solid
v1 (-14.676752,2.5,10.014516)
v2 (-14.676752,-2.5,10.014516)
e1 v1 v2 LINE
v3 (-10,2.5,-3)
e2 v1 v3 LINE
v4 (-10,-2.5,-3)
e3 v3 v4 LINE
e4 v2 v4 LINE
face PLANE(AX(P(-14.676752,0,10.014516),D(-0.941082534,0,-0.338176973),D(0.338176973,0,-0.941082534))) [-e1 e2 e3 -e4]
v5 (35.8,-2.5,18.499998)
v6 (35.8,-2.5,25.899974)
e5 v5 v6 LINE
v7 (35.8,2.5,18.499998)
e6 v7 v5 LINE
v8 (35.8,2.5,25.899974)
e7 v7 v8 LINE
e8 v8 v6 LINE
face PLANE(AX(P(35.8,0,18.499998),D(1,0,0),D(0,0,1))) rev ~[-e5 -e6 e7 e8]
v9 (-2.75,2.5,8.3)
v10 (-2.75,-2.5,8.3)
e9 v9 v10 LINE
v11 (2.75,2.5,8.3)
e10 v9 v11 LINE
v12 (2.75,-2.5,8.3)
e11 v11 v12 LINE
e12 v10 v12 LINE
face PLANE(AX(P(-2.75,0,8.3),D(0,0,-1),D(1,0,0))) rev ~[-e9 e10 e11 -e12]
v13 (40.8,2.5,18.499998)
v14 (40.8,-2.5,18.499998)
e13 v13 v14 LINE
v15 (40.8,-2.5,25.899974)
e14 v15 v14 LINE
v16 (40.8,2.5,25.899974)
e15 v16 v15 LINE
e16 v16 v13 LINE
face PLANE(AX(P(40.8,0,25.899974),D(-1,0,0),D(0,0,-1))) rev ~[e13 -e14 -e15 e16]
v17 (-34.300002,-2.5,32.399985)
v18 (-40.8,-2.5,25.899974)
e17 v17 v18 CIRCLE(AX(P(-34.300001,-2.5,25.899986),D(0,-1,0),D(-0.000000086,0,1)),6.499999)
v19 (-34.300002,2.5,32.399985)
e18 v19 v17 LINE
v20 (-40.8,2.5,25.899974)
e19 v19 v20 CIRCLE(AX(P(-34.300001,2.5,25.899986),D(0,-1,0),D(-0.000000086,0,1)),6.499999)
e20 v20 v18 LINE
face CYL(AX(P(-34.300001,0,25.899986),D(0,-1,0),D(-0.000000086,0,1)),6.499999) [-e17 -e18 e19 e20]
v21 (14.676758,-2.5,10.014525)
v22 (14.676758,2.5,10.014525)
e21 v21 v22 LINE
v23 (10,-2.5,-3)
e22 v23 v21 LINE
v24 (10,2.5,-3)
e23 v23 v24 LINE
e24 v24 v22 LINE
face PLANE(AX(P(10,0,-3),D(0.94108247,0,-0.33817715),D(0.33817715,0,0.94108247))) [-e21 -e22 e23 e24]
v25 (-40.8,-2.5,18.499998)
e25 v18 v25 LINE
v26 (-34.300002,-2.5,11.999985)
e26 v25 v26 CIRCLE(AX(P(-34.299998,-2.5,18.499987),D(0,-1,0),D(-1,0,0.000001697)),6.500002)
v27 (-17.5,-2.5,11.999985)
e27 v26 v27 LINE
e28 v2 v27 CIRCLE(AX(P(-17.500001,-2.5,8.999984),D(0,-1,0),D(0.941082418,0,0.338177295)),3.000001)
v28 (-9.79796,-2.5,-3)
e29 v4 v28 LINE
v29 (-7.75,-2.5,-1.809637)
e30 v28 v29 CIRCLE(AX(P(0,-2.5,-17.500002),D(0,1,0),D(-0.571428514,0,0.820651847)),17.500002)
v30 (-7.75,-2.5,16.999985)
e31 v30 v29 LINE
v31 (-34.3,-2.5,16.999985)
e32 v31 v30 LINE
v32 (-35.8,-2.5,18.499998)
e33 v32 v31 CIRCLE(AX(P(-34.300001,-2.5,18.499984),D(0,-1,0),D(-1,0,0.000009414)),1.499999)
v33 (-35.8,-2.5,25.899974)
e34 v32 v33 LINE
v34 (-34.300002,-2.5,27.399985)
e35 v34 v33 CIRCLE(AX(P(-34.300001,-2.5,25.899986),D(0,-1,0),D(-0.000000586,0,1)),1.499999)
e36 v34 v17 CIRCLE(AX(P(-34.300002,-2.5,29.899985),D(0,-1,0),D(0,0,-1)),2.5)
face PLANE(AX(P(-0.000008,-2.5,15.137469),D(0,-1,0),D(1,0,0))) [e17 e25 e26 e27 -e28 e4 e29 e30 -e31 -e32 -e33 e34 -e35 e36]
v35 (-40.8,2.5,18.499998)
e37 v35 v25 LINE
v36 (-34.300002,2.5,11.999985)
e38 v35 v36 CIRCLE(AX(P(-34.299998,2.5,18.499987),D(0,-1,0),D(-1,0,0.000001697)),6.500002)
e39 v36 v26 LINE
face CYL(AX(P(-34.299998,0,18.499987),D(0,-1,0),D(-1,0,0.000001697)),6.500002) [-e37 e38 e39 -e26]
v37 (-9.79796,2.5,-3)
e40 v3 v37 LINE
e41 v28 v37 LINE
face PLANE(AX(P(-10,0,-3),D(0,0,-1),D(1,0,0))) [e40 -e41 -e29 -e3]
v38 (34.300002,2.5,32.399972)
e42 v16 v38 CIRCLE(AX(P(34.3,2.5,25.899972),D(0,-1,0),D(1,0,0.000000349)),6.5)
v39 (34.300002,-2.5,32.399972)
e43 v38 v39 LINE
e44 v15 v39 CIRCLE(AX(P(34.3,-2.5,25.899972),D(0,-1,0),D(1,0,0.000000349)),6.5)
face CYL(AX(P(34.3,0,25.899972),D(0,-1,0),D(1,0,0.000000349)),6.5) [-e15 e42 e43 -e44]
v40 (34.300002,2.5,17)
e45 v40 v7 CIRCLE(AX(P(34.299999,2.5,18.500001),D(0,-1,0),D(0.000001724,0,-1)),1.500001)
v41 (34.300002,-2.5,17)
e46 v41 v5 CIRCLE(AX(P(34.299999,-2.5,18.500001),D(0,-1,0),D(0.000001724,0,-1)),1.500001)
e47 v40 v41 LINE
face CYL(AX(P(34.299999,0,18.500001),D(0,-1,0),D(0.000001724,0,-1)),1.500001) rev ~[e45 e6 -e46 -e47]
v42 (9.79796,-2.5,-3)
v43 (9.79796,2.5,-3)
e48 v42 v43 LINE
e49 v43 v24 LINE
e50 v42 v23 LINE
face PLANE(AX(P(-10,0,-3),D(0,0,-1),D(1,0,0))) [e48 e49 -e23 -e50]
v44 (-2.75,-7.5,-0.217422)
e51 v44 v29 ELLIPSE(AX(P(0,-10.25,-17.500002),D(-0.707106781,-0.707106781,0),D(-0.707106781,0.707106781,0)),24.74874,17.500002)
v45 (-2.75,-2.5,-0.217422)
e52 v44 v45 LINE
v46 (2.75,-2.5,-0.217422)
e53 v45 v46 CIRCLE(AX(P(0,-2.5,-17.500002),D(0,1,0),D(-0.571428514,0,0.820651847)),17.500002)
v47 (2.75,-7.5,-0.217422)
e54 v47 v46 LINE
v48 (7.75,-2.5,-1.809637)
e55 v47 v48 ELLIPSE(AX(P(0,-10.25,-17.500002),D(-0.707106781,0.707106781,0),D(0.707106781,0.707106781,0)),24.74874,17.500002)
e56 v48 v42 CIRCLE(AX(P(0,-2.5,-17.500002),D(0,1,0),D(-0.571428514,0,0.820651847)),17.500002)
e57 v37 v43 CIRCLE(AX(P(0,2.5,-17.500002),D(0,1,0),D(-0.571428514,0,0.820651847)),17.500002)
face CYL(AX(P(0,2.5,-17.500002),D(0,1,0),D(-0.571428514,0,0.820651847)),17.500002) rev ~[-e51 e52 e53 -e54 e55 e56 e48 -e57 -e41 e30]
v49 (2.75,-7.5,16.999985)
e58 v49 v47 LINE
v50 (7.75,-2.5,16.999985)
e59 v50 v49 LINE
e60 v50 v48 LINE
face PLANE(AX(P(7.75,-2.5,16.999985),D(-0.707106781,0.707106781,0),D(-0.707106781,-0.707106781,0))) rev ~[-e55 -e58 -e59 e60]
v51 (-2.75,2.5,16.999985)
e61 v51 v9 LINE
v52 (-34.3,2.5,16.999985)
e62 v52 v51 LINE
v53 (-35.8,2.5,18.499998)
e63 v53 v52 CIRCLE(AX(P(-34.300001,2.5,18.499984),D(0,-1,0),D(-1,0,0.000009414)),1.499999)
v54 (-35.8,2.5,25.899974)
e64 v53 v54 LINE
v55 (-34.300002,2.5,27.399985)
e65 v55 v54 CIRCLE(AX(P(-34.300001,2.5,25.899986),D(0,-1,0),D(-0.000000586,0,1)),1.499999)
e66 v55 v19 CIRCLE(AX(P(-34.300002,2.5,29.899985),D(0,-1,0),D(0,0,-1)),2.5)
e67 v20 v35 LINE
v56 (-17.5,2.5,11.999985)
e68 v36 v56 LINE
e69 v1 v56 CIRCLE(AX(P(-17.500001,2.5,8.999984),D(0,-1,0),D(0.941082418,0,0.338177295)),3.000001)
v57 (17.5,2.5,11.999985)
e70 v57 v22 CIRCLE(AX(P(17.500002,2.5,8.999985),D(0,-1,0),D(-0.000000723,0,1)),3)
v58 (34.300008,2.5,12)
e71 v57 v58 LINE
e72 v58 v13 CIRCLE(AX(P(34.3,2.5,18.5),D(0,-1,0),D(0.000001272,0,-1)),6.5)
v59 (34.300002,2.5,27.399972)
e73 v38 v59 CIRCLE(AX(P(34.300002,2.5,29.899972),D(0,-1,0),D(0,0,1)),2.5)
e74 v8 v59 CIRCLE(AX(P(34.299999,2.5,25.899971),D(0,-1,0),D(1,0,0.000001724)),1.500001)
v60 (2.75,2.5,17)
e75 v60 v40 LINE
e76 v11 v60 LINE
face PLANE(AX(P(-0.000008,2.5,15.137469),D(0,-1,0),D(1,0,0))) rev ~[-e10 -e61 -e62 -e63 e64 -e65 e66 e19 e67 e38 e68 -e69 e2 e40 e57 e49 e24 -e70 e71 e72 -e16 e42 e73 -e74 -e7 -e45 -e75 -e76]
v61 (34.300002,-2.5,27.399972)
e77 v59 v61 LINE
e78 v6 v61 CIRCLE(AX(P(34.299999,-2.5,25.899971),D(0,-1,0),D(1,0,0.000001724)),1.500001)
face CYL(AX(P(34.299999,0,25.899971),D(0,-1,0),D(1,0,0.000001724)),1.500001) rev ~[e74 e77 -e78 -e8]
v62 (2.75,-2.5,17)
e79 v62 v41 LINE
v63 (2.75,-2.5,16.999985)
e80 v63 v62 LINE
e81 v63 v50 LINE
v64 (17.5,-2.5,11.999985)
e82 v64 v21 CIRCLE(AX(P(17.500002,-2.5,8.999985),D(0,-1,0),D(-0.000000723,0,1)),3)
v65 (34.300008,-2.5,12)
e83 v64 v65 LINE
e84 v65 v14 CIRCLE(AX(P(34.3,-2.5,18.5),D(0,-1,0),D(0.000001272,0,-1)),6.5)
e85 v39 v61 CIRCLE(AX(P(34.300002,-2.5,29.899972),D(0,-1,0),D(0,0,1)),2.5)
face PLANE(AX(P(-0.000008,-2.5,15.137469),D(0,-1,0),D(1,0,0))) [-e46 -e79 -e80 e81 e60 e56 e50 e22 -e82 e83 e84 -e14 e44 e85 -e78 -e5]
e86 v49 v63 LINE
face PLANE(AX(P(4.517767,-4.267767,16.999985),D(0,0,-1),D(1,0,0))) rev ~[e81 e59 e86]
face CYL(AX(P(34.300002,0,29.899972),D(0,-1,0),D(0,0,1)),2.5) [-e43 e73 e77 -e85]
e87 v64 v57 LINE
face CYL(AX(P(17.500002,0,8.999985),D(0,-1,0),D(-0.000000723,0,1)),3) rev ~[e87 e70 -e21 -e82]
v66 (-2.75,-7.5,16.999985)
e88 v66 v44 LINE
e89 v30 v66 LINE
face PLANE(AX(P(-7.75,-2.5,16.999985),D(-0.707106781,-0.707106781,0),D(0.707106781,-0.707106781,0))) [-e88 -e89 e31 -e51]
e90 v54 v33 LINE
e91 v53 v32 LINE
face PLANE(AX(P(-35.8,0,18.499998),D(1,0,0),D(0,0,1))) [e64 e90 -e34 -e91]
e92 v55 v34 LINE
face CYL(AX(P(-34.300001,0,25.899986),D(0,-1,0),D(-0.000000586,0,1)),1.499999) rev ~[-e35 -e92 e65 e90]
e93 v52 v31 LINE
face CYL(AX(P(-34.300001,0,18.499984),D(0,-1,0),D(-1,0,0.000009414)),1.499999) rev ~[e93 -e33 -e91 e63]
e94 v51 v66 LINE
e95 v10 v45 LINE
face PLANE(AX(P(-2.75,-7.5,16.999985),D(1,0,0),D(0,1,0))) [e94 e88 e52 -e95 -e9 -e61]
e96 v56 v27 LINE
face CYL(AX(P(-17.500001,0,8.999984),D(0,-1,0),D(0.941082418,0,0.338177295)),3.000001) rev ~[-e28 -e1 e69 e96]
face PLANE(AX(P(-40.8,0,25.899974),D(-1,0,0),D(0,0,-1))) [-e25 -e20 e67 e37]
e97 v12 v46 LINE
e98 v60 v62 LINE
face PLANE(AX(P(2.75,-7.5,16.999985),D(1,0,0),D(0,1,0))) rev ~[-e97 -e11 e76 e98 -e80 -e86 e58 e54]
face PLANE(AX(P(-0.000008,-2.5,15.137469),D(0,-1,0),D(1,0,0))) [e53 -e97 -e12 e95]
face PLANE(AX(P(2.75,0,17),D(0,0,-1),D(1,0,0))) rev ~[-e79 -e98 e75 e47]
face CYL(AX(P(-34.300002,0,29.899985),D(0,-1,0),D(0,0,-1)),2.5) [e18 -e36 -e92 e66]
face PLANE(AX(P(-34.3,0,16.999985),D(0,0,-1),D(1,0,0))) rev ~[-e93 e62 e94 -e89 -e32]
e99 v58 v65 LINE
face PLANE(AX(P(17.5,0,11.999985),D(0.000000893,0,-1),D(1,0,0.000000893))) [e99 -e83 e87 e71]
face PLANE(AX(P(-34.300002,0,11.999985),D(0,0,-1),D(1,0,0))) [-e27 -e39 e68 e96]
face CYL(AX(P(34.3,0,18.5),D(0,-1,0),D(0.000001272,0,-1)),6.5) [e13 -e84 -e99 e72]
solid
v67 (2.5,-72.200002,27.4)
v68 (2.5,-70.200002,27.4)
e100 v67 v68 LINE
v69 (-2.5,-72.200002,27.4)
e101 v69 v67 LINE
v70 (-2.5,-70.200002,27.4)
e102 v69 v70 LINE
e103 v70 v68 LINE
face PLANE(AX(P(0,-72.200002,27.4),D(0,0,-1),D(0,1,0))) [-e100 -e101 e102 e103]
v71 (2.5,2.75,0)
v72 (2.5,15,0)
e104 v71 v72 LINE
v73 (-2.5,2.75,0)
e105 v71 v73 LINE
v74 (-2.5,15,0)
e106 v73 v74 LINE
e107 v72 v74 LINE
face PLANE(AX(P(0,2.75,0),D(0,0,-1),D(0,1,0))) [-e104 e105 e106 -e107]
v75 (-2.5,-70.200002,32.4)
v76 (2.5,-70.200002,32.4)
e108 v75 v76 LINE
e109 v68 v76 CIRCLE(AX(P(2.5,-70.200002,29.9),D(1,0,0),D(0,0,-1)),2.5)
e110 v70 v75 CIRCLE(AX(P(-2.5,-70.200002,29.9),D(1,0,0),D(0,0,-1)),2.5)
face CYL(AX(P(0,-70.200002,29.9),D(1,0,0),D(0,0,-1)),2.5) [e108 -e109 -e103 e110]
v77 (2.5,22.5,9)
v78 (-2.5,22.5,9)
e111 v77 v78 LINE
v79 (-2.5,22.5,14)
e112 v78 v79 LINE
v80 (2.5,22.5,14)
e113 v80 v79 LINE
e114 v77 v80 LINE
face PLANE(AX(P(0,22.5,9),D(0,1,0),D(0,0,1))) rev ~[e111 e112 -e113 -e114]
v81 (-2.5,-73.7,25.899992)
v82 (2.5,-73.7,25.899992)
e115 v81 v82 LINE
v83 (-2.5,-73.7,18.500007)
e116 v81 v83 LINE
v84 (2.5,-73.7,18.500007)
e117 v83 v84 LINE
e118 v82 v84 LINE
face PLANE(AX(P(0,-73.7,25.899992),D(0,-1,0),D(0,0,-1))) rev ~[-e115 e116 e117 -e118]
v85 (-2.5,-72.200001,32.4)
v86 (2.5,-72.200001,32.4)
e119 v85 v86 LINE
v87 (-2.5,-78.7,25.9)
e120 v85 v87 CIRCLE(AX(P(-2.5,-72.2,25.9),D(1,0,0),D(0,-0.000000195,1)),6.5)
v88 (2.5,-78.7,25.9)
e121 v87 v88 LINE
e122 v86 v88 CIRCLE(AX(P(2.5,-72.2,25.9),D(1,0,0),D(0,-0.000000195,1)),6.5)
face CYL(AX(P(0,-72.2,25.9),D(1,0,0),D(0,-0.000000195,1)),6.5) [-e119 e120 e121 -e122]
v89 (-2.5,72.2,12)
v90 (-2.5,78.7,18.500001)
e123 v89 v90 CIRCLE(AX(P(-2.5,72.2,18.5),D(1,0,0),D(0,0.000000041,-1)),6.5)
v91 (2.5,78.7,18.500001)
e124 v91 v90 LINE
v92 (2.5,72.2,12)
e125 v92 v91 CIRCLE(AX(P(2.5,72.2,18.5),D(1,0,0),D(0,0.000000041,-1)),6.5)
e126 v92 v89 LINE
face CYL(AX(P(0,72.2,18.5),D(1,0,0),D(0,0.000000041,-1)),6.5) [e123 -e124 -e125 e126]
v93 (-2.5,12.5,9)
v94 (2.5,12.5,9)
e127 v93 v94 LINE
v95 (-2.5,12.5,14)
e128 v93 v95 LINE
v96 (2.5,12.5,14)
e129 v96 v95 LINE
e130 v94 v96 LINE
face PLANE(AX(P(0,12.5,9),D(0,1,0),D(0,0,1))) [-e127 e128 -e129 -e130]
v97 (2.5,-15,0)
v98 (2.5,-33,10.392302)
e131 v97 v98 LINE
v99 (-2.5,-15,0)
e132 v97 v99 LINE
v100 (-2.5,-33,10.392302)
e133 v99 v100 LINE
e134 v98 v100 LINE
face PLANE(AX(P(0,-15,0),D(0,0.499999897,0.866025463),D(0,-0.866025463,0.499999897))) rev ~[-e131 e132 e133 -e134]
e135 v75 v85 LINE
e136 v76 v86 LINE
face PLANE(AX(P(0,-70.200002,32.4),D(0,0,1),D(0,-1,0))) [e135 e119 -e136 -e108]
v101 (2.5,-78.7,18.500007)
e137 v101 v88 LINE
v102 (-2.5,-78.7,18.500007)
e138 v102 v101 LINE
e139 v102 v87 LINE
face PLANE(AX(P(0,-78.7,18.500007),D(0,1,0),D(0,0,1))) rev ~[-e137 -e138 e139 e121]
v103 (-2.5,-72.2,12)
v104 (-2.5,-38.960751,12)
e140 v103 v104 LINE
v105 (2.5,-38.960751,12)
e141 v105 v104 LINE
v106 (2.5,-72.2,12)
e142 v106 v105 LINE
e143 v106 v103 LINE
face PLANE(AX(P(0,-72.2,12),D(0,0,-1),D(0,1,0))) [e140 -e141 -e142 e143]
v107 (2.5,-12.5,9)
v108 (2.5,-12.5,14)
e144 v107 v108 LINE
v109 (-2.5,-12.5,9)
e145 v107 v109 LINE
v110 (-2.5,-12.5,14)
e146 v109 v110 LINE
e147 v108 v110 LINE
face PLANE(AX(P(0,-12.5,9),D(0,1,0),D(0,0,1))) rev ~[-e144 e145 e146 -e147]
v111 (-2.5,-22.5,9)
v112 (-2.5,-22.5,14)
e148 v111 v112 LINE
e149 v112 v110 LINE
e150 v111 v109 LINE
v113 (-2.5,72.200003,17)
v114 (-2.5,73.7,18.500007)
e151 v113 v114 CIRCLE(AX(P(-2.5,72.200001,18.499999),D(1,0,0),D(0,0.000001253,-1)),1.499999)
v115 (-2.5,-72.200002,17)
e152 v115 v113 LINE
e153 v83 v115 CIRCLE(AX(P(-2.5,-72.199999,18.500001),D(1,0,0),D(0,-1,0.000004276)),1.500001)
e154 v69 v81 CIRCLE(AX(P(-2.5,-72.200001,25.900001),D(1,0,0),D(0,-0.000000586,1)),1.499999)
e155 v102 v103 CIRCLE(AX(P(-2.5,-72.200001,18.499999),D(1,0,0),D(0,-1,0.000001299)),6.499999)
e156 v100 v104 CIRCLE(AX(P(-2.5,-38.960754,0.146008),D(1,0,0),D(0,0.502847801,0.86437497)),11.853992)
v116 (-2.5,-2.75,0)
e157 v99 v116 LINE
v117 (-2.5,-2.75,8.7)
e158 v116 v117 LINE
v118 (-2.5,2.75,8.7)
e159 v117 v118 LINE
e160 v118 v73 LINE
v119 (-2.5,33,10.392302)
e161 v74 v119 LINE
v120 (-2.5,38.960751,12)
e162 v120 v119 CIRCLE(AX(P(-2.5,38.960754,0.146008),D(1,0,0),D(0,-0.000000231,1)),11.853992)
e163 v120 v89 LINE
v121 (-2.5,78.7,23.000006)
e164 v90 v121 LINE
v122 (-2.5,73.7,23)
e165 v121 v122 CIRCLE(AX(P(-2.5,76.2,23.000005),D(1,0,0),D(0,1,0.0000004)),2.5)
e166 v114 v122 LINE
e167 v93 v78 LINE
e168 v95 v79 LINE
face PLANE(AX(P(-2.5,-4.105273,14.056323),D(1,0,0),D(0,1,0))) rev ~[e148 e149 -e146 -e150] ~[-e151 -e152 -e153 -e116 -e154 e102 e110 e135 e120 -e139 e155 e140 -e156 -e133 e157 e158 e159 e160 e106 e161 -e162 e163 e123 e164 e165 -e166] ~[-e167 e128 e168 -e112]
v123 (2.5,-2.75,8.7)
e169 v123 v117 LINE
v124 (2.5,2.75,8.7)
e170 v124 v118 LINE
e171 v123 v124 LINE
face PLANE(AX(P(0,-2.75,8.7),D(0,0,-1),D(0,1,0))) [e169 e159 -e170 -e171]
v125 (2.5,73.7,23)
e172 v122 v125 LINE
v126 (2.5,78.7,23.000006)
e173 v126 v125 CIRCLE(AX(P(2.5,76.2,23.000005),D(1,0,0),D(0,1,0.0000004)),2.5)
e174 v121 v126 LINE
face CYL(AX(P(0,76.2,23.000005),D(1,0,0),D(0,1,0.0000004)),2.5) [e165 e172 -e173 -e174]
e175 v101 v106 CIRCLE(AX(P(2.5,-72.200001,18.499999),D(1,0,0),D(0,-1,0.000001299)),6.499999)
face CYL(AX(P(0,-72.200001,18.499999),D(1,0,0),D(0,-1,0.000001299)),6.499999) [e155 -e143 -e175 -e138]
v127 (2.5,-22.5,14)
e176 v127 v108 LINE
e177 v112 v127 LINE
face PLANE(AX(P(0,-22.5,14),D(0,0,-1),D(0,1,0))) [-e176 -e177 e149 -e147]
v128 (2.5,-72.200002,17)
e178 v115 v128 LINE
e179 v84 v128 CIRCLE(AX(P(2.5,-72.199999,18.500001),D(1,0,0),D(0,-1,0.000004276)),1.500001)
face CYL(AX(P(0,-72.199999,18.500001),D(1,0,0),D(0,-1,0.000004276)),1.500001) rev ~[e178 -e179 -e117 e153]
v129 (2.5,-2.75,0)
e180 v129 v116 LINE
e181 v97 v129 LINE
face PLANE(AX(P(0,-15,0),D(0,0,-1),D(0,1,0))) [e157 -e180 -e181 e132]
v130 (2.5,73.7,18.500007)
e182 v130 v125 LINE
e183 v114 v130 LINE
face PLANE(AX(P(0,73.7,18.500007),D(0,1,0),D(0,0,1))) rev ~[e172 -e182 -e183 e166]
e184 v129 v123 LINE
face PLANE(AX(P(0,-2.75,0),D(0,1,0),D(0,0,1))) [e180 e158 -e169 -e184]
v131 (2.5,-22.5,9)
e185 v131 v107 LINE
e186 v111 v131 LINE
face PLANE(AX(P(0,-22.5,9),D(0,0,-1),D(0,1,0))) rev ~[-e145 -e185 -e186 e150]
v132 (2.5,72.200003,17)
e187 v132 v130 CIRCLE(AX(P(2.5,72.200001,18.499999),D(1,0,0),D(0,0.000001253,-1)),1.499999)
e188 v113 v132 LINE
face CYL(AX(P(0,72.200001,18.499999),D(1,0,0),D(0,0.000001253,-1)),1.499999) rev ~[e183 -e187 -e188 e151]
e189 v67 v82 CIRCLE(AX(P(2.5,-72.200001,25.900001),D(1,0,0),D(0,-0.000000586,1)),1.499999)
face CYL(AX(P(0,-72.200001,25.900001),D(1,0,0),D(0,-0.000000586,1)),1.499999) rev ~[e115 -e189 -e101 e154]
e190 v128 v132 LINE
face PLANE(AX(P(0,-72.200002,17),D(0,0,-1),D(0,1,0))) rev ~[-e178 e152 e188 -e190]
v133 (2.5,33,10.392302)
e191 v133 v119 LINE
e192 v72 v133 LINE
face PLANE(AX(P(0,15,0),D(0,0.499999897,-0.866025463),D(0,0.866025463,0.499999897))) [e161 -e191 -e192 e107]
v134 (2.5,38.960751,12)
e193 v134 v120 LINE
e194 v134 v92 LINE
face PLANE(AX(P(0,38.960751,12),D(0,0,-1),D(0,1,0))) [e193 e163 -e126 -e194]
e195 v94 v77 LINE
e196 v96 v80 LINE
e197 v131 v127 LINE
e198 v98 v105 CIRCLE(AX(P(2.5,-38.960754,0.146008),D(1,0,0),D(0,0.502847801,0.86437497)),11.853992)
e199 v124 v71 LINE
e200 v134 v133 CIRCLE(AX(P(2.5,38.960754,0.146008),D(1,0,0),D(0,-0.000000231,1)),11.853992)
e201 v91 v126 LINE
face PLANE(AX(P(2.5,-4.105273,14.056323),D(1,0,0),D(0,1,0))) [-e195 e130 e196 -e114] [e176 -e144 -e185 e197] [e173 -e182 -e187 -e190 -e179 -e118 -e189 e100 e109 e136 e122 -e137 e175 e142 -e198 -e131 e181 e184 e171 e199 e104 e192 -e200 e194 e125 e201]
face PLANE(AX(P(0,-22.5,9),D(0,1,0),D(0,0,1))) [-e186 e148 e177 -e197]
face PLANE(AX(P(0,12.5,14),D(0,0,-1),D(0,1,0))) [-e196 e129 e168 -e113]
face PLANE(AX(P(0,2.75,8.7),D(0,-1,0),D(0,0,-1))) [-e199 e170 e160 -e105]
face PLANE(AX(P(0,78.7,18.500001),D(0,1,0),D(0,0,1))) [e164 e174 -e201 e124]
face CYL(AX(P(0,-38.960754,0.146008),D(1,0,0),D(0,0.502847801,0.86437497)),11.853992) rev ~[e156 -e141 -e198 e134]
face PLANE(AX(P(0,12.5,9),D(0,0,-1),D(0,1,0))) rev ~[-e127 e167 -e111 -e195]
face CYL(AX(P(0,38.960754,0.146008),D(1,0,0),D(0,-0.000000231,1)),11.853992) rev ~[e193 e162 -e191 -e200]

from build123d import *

# Parameters (mm, degrees)
SKETCH_W     = 10
SKETCH_H     = 5
PAD_DEPTH    = 2.5
PAD001_DEPTH = 2.5
PAD002_DEPTH = 20
POCKET_DEPTH = 10


with BuildPart() as vertical:
    # Sketch → Pad (new body, symmetric)
    with BuildSketch(Plane.YZ):
        with BuildLine():
            Line((78.7, 18.500001), (78.7, 23.000006))
            ThreePointArc((78.7, 23.000006), (76.199997, 25.500005), (73.7, 23))
            Line((73.7, 18.500007), (73.7, 23))
            ThreePointArc((72.200003, 17), (73.260664, 17.439343), (73.7, 18.500007))
            Line((-72.200002, 17), (72.200003, 17))
            ThreePointArc((-73.7, 18.500007), (-73.260663, 17.439343), (-72.200002, 17))
            Line((-73.7, 25.899992), (-73.7, 18.500007))
            ThreePointArc((-72.200002, 27.4), (-73.260664, 26.960657), (-73.7, 25.899992))
            Line((-72.200002, 27.4), (-70.200002, 27.4))
            ThreePointArc((-70.200002, 27.4), (-67.700002, 29.9), (-70.200002, 32.4))
            Line((-70.200002, 32.4), (-72.200001, 32.4))
            ThreePointArc((-72.200001, 32.4), (-76.796194, 30.496194), (-78.7, 25.9))
            Line((-78.7, 18.500007), (-78.7, 25.9))
            ThreePointArc((-78.7, 18.500007), (-76.796197, 13.903808), (-72.2, 12))
            Line((-72.2, 12), (-38.960751, 12))
            ThreePointArc((-33, 10.392302), (-35.873874, 11.59102), (-38.960751, 12))
            Line((-15, 0), (-33, 10.392302))
            Line((-15, 0), (-2.75, 0))
            Line((-2.75, 0), (-2.75, 8.7))
            Line((-2.75, 8.7), (2.75, 8.7))
            Line((2.75, 8.7), (2.75, 0))
            Line((2.75, 0), (15, 0))
            Line((15, 0), (33, 10.392302))
            ThreePointArc((38.960751, 12), (35.873874, 11.59102), (33, 10.392302))
            Line((38.960751, 12), (72.2, 12))
            ThreePointArc((72.2, 12), (76.796194, 13.903806), (78.7, 18.500001))
        make_face()
        with Locations((-17.5, 11.5)):
            Rectangle(SKETCH_W, SKETCH_H, mode=Mode.SUBTRACT)
        with Locations((17.5, 11.5)):
            Rectangle(SKETCH_W, SKETCH_H, mode=Mode.SUBTRACT)
    extrude(amount=PAD_DEPTH, both=True)


with BuildPart() as fusion:
    # Sketch001 → Pad001 (new body, symmetric)
    with BuildSketch(Plane.XZ):
        with BuildLine():
            Line((17.5, 11.999985), (34.300008, 12))
            ThreePointArc((34.300008, 12), (38.896196, 13.903808), (40.8, 18.499998))
            Line((40.8, 25.899974), (40.8, 18.499998))
            ThreePointArc((40.8, 25.899974), (38.896194, 30.496166), (34.300002, 32.399972))
            ThreePointArc((34.300002, 32.399972), (31.800002, 29.899972), (34.300002, 27.399972))
            ThreePointArc((35.8, 25.899974), (35.36066, 26.960632), (34.300002, 27.399972))
            Line((35.8, 18.499998), (35.8, 25.899974))
            ThreePointArc((34.300002, 17), (35.36066, 17.43934), (35.8, 18.499998))
            Line((2.75, 17), (34.300002, 17))
            Line((2.75, 8.3), (2.75, 17))
            Line((-2.75, 8.3), (2.75, 8.3))
            Line((-2.75, 16.999985), (-2.75, 8.3))
            Line((-34.3, 16.999985), (-2.75, 16.999985))
            ThreePointArc((-35.8, 18.499998), (-35.360665, 17.439329), (-34.3, 16.999985))
            Line((-35.8, 18.499998), (-35.8, 25.899974))
            ThreePointArc((-34.300002, 27.399985), (-35.360665, 26.960641), (-35.8, 25.899974))
            ThreePointArc((-34.300002, 27.399985), (-31.800002, 29.899985), (-34.300002, 32.399985))
            ThreePointArc((-34.300002, 32.399985), (-38.896199, 30.496175), (-40.8, 25.899974))
            Line((-40.8, 25.899974), (-40.8, 18.499998))
            ThreePointArc((-40.8, 18.499998), (-38.896199, 13.903797), (-34.300002, 11.999985))
            Line((-34.300002, 11.999985), (-17.5, 11.999985))
            ThreePointArc((-14.676752, 10.014516), (-15.774253, 11.45392), (-17.5, 11.999985))
            Line((-14.676752, 10.014516), (-10, -3))
            Line((-10, -3), (10, -3))
            Line((10, -3), (14.676758, 10.014525))
            ThreePointArc((17.5, 11.999985), (15.774258, 11.453922), (14.676758, 10.014525))
        make_face()
    extrude(amount=PAD001_DEPTH, both=True)

    # Sketch002 → Pad002 (new body)
    with BuildSketch(Plane(origin=(0, 0, 16.999985), x_dir=(-1, 0, 0), z_dir=(0, 0, 1))):
        Polygon((-7.75, 2.5), (-2.75, 7.5), (-2.75, 2.5), align=None)
        Polygon((2.75, 7.5), (2.75, 2.5), (7.75, 2.5), align=None)
    extrude(amount=-PAD002_DEPTH)

    # Sketch003 → Pocket (cut)
    with BuildSketch(Plane(origin=(0, 2.5, 0), x_dir=(1, 0, 0), z_dir=(0, 1, 0))):
        with BuildLine():
            ThreePointArc((-10, 3.138593), (0, 0), (10, 3.138593))
            Line((-10, 3.138593), (10, 3.138593))
        make_face()
    extrude(amount=-POCKET_DEPTH, mode=Mode.SUBTRACT)

    # Fusion: union Vertical
    add(vertical.part)


solid = fusion.part
